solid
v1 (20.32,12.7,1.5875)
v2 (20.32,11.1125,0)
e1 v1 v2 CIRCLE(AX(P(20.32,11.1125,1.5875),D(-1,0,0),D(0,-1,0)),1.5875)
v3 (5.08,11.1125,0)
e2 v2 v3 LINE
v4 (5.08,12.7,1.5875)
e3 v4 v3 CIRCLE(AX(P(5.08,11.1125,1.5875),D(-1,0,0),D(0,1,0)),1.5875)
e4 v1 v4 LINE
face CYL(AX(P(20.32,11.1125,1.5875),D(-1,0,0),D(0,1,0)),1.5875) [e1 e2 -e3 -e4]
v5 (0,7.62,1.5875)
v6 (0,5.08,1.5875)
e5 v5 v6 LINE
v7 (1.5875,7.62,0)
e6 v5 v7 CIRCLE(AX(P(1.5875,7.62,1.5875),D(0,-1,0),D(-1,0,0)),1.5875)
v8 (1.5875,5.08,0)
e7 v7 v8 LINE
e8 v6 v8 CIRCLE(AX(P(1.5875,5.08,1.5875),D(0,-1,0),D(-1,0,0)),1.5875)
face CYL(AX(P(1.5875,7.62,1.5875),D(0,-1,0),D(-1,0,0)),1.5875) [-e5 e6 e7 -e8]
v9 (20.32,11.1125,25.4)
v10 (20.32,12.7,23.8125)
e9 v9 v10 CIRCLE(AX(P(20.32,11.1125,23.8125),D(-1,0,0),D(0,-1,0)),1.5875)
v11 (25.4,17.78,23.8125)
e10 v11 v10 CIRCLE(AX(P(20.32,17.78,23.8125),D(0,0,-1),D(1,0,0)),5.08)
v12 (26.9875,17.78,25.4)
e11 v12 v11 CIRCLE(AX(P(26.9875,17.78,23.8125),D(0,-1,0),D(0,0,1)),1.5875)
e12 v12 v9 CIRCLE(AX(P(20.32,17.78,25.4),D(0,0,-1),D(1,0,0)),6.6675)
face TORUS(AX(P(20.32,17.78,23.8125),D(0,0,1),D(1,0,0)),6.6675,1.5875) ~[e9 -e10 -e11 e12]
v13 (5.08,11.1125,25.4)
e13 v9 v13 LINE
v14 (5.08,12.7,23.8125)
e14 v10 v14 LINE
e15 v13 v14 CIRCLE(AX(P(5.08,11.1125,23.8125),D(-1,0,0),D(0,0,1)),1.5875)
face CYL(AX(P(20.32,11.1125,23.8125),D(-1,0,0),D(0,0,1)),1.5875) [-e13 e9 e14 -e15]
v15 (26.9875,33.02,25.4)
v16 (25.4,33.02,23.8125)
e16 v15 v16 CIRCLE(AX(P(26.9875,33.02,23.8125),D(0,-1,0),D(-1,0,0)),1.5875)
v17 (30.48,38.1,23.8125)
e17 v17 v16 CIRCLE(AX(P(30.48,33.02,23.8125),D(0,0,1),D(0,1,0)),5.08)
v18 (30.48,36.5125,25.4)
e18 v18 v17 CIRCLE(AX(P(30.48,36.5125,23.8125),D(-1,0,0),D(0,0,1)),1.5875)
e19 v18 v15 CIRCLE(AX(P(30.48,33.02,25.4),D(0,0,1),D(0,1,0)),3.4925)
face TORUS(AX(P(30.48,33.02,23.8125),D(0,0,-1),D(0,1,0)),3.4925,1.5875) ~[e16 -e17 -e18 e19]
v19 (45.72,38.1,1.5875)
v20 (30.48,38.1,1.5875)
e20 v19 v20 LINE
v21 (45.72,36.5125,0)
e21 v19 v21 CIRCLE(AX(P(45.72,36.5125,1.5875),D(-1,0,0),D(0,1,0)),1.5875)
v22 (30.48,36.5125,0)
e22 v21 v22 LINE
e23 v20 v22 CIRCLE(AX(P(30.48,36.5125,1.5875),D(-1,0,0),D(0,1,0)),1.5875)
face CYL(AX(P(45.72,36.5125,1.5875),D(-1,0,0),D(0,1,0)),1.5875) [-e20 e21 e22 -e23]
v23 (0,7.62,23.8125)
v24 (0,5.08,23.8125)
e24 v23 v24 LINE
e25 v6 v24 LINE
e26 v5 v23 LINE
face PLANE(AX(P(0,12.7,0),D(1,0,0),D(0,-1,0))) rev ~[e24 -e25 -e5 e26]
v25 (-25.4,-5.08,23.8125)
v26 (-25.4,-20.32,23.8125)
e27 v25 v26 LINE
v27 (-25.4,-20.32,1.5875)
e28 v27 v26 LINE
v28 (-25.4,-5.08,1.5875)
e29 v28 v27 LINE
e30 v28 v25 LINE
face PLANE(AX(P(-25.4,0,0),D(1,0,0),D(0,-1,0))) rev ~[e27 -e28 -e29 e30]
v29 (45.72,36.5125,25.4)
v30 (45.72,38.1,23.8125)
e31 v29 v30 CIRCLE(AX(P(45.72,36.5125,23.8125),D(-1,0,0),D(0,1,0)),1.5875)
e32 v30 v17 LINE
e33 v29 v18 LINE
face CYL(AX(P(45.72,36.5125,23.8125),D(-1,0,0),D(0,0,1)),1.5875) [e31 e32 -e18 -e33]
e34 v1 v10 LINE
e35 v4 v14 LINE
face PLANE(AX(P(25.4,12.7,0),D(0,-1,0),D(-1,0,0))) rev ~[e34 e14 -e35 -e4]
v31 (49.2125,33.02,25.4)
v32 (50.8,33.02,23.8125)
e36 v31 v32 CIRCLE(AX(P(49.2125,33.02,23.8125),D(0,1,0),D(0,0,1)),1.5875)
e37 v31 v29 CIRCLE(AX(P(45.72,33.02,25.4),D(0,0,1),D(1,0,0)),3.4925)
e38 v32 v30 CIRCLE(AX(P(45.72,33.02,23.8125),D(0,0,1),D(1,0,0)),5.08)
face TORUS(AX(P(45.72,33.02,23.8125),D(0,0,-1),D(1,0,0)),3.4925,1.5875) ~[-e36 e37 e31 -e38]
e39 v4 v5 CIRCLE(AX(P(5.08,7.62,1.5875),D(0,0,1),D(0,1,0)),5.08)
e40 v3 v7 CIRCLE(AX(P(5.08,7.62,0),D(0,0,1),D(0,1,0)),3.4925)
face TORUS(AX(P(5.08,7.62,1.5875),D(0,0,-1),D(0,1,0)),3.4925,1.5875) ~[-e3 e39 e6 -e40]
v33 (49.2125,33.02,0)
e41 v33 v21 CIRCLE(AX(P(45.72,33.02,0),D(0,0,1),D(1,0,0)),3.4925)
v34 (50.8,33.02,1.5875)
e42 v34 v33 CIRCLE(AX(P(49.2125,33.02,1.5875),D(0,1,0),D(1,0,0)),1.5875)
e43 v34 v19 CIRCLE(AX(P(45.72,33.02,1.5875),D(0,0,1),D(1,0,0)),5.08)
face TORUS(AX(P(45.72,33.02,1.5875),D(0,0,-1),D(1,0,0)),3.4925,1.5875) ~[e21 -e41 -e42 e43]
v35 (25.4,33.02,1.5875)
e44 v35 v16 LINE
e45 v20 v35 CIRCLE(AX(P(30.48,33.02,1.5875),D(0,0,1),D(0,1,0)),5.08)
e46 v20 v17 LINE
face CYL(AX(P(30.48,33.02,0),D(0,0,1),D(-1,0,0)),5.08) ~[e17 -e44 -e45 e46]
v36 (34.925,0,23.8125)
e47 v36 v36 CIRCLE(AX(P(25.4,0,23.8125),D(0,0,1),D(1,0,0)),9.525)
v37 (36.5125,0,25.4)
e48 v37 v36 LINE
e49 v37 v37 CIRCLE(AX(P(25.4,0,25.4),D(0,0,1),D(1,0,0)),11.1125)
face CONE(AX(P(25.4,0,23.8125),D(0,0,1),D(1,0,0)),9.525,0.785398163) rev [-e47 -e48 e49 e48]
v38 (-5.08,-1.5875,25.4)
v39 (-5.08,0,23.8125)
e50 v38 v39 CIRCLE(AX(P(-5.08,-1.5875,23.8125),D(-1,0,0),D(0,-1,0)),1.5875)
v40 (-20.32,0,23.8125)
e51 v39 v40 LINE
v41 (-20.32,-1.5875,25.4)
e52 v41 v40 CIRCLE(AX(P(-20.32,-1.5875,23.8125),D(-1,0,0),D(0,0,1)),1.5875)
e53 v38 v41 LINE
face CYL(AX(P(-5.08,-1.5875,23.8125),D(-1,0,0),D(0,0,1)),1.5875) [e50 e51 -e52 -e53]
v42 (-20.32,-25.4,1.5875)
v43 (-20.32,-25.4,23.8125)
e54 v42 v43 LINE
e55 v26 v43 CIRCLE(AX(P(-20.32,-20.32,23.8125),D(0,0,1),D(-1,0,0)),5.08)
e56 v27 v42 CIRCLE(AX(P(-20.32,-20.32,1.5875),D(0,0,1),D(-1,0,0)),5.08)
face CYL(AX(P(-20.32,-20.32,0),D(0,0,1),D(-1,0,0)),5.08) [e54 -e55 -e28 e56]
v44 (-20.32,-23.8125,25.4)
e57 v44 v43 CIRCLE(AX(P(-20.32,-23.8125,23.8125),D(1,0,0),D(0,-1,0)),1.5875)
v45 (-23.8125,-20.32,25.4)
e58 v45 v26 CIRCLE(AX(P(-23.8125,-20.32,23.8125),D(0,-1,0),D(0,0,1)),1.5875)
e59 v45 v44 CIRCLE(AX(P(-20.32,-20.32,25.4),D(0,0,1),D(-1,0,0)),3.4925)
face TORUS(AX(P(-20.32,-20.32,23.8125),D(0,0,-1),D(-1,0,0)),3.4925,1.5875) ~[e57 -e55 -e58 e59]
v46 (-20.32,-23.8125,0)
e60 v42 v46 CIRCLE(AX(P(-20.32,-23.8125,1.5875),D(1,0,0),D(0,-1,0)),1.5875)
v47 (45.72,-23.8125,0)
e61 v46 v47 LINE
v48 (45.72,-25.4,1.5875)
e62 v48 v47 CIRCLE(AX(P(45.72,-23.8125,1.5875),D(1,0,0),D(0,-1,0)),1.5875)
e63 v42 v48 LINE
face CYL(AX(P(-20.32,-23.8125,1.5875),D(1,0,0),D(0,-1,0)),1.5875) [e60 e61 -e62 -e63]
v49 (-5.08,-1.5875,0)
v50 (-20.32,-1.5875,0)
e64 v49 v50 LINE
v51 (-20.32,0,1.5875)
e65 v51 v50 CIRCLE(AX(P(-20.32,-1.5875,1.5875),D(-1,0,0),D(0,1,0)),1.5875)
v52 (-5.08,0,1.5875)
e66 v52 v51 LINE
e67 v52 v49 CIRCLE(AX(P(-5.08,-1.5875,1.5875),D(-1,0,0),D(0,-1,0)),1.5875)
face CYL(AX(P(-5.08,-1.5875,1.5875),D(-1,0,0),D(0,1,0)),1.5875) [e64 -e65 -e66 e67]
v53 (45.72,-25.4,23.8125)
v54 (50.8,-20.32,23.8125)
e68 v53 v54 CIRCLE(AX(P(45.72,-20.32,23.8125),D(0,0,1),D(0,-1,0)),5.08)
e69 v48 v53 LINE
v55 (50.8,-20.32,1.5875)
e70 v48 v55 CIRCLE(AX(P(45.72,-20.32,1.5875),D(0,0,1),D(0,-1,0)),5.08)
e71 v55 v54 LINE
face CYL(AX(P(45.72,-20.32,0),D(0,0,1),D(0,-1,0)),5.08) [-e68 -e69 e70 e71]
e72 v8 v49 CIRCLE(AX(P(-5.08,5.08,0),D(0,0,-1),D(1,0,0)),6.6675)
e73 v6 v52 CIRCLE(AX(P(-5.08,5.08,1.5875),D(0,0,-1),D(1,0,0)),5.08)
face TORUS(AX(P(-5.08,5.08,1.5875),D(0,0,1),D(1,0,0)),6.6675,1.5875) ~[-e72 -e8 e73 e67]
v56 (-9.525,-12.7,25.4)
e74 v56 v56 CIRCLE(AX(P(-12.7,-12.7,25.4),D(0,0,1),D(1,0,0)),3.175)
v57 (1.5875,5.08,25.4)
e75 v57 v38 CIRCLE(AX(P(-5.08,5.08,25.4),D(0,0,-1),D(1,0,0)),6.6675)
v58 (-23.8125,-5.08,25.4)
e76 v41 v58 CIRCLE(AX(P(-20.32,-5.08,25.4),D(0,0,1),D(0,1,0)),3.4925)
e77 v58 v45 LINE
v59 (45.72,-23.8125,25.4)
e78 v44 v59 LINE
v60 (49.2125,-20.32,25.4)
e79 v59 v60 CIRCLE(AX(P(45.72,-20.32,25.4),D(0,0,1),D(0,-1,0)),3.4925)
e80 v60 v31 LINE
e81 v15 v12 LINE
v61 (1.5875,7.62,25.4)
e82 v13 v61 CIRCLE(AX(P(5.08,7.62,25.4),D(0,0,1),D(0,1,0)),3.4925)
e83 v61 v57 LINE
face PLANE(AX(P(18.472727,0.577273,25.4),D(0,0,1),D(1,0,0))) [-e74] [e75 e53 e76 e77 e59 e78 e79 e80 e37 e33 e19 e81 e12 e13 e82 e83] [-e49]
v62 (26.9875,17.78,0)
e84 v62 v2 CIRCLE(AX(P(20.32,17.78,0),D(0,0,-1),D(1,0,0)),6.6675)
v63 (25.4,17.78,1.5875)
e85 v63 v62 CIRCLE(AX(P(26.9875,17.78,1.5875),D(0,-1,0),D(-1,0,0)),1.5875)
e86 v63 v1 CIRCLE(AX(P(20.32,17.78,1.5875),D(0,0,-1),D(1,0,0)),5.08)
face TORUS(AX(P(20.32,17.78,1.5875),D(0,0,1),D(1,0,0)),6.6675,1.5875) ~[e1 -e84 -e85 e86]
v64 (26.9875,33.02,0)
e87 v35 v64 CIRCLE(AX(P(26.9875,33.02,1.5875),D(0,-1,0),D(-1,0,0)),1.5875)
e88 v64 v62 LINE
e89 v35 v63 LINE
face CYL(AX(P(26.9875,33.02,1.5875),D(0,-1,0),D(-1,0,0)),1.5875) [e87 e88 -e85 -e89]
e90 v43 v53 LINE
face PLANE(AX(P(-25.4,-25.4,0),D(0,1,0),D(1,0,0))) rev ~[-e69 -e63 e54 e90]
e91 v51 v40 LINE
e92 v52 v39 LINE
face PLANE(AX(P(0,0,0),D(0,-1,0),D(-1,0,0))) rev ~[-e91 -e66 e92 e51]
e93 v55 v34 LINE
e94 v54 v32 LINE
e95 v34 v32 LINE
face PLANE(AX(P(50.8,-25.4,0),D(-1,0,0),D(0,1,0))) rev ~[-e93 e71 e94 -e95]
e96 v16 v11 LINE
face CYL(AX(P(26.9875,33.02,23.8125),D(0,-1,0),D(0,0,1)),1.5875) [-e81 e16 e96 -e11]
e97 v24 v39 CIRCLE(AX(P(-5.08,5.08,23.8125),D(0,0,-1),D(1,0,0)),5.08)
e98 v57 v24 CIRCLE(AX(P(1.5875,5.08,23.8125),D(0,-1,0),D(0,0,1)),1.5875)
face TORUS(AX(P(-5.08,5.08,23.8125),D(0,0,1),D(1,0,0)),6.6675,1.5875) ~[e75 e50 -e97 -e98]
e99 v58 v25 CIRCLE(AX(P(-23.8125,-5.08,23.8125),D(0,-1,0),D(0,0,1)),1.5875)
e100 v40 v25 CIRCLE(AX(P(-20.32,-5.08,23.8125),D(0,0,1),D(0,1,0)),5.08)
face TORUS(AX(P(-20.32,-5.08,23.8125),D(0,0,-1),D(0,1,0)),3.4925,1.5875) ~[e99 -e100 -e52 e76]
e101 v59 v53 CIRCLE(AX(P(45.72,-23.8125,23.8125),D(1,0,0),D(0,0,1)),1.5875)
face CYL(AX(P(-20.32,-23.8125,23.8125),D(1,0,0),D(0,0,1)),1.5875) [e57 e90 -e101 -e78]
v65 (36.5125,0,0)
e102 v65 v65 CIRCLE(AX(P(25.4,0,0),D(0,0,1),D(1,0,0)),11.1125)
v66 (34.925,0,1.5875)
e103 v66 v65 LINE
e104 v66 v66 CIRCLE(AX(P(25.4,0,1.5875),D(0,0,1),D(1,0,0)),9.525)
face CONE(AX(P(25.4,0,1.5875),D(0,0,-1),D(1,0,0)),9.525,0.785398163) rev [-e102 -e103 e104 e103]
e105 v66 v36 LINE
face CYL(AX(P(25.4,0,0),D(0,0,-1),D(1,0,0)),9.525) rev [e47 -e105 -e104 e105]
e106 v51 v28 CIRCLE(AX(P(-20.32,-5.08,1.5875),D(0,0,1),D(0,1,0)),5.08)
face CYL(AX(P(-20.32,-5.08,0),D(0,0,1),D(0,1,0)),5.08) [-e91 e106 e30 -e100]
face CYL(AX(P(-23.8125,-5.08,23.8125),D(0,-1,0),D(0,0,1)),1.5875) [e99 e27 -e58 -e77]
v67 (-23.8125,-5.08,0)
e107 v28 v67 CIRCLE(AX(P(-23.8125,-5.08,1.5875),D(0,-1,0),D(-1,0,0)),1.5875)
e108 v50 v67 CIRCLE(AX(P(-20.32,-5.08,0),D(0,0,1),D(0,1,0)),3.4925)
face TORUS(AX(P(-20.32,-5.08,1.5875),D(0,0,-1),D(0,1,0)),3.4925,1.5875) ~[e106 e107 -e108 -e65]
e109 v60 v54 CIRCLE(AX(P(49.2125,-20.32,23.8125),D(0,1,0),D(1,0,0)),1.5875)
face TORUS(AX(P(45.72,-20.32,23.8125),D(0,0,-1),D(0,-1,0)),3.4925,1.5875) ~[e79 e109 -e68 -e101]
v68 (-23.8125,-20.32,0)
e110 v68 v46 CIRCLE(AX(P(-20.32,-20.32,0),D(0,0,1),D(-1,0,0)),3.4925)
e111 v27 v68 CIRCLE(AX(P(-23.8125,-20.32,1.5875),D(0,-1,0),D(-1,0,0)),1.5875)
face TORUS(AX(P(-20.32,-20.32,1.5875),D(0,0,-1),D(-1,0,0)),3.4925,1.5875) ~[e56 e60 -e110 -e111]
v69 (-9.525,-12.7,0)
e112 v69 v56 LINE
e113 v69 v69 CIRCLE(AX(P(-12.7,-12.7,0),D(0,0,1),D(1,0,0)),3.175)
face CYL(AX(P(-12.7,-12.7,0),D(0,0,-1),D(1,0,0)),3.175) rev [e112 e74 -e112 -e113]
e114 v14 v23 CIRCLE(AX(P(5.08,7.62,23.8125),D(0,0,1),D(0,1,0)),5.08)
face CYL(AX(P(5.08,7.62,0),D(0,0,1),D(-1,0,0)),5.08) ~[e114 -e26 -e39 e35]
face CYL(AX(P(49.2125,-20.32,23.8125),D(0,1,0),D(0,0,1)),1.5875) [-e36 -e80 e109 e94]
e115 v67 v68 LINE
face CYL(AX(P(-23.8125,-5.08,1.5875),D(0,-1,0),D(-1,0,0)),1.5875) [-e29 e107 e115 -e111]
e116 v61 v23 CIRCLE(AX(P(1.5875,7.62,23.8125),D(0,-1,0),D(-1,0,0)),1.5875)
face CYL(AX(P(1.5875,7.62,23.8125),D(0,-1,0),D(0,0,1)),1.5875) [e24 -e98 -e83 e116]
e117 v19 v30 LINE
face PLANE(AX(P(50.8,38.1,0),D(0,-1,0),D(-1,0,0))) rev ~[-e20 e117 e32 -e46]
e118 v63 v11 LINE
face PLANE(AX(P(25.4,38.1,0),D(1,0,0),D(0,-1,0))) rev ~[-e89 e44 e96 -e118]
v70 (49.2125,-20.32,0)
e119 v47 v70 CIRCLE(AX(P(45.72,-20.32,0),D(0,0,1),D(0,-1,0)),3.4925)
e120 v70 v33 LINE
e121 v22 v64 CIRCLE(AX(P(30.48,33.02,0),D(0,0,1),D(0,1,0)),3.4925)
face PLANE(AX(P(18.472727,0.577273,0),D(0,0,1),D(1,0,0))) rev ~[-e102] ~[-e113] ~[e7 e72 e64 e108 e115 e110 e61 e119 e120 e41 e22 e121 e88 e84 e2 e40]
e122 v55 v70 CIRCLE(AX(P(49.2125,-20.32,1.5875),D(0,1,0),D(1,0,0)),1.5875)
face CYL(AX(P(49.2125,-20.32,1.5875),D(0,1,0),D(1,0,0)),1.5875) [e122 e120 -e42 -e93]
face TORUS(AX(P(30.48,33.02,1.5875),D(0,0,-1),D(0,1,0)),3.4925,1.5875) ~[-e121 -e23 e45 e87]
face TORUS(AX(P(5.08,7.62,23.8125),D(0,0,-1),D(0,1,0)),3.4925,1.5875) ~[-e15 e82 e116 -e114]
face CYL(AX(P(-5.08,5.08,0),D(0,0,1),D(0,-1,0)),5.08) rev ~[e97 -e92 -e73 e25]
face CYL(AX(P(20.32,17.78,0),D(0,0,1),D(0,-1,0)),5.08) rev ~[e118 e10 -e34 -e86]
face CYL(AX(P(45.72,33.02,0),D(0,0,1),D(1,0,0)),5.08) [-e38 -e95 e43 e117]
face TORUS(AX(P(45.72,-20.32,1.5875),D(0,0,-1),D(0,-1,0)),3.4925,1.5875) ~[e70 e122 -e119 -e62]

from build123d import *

# Parameters (mm, degrees)
F0_R     = 3.175
F0_R_2   = 9.525
F1_DEPTH = 25.4
F2_R     = 5.08
F3_SIZE  = 1.5875
F4_R     = 1.5875
F5_SIZE  = 1.5875


with BuildPart() as f1:
    # F0 (on Top) → F1 (new body)
    with BuildSketch(Plane.XY):
        Polygon((0, 0), (-25.4, 0), (-25.4, -25.4), (50.8, -25.4), (50.8, 38.1), (25.4, 38.1), (25.4, 12.7), (0, 12.7), align=None)
        with Locations((-12.7, -12.7)):
            Circle(F0_R, mode=Mode.SUBTRACT)
        with Locations((25.4, 0)):
            Circle(F0_R_2, mode=Mode.SUBTRACT)
    extrude(amount=F1_DEPTH)

    # F2
    f2_edges = [f1.edges().sort_by_distance(p)[0] for p in [
        (50.8, 38.1, 12.7),
        (25.4, 38.1, 12.7),
        (25.4, 12.7, 12.7),
        (0, 12.7, 12.7),
        (0, 0, 12.7),
        (-25.4, 0, 12.7),
        (-25.4, -25.4, 12.7),
        (50.8, -25.4, 12.7),
    ]]
    fillet(f2_edges, radius=F2_R)

    # F3
    f3_edges = [f1.edges().sort_by_distance(p)[0] for p in [
        (15.875, 0, 25.4),
    ]]
    chamfer(f3_edges, length=F3_SIZE)

    # F4
    f4_edges = [f1.edges().sort_by_distance(p)[0] for p in [
        (-25.4, -12.7, 25.4),
        (12.7, -25.4, 0),
    ]]
    fillet(f4_edges, radius=F4_R)

    # F5
    f5_edges = [f1.edges().sort_by_distance(p)[0] for p in [
        (15.875, 0, 0),
    ]]
    chamfer(f5_edges, length=F5_SIZE)


solid = f1.part
